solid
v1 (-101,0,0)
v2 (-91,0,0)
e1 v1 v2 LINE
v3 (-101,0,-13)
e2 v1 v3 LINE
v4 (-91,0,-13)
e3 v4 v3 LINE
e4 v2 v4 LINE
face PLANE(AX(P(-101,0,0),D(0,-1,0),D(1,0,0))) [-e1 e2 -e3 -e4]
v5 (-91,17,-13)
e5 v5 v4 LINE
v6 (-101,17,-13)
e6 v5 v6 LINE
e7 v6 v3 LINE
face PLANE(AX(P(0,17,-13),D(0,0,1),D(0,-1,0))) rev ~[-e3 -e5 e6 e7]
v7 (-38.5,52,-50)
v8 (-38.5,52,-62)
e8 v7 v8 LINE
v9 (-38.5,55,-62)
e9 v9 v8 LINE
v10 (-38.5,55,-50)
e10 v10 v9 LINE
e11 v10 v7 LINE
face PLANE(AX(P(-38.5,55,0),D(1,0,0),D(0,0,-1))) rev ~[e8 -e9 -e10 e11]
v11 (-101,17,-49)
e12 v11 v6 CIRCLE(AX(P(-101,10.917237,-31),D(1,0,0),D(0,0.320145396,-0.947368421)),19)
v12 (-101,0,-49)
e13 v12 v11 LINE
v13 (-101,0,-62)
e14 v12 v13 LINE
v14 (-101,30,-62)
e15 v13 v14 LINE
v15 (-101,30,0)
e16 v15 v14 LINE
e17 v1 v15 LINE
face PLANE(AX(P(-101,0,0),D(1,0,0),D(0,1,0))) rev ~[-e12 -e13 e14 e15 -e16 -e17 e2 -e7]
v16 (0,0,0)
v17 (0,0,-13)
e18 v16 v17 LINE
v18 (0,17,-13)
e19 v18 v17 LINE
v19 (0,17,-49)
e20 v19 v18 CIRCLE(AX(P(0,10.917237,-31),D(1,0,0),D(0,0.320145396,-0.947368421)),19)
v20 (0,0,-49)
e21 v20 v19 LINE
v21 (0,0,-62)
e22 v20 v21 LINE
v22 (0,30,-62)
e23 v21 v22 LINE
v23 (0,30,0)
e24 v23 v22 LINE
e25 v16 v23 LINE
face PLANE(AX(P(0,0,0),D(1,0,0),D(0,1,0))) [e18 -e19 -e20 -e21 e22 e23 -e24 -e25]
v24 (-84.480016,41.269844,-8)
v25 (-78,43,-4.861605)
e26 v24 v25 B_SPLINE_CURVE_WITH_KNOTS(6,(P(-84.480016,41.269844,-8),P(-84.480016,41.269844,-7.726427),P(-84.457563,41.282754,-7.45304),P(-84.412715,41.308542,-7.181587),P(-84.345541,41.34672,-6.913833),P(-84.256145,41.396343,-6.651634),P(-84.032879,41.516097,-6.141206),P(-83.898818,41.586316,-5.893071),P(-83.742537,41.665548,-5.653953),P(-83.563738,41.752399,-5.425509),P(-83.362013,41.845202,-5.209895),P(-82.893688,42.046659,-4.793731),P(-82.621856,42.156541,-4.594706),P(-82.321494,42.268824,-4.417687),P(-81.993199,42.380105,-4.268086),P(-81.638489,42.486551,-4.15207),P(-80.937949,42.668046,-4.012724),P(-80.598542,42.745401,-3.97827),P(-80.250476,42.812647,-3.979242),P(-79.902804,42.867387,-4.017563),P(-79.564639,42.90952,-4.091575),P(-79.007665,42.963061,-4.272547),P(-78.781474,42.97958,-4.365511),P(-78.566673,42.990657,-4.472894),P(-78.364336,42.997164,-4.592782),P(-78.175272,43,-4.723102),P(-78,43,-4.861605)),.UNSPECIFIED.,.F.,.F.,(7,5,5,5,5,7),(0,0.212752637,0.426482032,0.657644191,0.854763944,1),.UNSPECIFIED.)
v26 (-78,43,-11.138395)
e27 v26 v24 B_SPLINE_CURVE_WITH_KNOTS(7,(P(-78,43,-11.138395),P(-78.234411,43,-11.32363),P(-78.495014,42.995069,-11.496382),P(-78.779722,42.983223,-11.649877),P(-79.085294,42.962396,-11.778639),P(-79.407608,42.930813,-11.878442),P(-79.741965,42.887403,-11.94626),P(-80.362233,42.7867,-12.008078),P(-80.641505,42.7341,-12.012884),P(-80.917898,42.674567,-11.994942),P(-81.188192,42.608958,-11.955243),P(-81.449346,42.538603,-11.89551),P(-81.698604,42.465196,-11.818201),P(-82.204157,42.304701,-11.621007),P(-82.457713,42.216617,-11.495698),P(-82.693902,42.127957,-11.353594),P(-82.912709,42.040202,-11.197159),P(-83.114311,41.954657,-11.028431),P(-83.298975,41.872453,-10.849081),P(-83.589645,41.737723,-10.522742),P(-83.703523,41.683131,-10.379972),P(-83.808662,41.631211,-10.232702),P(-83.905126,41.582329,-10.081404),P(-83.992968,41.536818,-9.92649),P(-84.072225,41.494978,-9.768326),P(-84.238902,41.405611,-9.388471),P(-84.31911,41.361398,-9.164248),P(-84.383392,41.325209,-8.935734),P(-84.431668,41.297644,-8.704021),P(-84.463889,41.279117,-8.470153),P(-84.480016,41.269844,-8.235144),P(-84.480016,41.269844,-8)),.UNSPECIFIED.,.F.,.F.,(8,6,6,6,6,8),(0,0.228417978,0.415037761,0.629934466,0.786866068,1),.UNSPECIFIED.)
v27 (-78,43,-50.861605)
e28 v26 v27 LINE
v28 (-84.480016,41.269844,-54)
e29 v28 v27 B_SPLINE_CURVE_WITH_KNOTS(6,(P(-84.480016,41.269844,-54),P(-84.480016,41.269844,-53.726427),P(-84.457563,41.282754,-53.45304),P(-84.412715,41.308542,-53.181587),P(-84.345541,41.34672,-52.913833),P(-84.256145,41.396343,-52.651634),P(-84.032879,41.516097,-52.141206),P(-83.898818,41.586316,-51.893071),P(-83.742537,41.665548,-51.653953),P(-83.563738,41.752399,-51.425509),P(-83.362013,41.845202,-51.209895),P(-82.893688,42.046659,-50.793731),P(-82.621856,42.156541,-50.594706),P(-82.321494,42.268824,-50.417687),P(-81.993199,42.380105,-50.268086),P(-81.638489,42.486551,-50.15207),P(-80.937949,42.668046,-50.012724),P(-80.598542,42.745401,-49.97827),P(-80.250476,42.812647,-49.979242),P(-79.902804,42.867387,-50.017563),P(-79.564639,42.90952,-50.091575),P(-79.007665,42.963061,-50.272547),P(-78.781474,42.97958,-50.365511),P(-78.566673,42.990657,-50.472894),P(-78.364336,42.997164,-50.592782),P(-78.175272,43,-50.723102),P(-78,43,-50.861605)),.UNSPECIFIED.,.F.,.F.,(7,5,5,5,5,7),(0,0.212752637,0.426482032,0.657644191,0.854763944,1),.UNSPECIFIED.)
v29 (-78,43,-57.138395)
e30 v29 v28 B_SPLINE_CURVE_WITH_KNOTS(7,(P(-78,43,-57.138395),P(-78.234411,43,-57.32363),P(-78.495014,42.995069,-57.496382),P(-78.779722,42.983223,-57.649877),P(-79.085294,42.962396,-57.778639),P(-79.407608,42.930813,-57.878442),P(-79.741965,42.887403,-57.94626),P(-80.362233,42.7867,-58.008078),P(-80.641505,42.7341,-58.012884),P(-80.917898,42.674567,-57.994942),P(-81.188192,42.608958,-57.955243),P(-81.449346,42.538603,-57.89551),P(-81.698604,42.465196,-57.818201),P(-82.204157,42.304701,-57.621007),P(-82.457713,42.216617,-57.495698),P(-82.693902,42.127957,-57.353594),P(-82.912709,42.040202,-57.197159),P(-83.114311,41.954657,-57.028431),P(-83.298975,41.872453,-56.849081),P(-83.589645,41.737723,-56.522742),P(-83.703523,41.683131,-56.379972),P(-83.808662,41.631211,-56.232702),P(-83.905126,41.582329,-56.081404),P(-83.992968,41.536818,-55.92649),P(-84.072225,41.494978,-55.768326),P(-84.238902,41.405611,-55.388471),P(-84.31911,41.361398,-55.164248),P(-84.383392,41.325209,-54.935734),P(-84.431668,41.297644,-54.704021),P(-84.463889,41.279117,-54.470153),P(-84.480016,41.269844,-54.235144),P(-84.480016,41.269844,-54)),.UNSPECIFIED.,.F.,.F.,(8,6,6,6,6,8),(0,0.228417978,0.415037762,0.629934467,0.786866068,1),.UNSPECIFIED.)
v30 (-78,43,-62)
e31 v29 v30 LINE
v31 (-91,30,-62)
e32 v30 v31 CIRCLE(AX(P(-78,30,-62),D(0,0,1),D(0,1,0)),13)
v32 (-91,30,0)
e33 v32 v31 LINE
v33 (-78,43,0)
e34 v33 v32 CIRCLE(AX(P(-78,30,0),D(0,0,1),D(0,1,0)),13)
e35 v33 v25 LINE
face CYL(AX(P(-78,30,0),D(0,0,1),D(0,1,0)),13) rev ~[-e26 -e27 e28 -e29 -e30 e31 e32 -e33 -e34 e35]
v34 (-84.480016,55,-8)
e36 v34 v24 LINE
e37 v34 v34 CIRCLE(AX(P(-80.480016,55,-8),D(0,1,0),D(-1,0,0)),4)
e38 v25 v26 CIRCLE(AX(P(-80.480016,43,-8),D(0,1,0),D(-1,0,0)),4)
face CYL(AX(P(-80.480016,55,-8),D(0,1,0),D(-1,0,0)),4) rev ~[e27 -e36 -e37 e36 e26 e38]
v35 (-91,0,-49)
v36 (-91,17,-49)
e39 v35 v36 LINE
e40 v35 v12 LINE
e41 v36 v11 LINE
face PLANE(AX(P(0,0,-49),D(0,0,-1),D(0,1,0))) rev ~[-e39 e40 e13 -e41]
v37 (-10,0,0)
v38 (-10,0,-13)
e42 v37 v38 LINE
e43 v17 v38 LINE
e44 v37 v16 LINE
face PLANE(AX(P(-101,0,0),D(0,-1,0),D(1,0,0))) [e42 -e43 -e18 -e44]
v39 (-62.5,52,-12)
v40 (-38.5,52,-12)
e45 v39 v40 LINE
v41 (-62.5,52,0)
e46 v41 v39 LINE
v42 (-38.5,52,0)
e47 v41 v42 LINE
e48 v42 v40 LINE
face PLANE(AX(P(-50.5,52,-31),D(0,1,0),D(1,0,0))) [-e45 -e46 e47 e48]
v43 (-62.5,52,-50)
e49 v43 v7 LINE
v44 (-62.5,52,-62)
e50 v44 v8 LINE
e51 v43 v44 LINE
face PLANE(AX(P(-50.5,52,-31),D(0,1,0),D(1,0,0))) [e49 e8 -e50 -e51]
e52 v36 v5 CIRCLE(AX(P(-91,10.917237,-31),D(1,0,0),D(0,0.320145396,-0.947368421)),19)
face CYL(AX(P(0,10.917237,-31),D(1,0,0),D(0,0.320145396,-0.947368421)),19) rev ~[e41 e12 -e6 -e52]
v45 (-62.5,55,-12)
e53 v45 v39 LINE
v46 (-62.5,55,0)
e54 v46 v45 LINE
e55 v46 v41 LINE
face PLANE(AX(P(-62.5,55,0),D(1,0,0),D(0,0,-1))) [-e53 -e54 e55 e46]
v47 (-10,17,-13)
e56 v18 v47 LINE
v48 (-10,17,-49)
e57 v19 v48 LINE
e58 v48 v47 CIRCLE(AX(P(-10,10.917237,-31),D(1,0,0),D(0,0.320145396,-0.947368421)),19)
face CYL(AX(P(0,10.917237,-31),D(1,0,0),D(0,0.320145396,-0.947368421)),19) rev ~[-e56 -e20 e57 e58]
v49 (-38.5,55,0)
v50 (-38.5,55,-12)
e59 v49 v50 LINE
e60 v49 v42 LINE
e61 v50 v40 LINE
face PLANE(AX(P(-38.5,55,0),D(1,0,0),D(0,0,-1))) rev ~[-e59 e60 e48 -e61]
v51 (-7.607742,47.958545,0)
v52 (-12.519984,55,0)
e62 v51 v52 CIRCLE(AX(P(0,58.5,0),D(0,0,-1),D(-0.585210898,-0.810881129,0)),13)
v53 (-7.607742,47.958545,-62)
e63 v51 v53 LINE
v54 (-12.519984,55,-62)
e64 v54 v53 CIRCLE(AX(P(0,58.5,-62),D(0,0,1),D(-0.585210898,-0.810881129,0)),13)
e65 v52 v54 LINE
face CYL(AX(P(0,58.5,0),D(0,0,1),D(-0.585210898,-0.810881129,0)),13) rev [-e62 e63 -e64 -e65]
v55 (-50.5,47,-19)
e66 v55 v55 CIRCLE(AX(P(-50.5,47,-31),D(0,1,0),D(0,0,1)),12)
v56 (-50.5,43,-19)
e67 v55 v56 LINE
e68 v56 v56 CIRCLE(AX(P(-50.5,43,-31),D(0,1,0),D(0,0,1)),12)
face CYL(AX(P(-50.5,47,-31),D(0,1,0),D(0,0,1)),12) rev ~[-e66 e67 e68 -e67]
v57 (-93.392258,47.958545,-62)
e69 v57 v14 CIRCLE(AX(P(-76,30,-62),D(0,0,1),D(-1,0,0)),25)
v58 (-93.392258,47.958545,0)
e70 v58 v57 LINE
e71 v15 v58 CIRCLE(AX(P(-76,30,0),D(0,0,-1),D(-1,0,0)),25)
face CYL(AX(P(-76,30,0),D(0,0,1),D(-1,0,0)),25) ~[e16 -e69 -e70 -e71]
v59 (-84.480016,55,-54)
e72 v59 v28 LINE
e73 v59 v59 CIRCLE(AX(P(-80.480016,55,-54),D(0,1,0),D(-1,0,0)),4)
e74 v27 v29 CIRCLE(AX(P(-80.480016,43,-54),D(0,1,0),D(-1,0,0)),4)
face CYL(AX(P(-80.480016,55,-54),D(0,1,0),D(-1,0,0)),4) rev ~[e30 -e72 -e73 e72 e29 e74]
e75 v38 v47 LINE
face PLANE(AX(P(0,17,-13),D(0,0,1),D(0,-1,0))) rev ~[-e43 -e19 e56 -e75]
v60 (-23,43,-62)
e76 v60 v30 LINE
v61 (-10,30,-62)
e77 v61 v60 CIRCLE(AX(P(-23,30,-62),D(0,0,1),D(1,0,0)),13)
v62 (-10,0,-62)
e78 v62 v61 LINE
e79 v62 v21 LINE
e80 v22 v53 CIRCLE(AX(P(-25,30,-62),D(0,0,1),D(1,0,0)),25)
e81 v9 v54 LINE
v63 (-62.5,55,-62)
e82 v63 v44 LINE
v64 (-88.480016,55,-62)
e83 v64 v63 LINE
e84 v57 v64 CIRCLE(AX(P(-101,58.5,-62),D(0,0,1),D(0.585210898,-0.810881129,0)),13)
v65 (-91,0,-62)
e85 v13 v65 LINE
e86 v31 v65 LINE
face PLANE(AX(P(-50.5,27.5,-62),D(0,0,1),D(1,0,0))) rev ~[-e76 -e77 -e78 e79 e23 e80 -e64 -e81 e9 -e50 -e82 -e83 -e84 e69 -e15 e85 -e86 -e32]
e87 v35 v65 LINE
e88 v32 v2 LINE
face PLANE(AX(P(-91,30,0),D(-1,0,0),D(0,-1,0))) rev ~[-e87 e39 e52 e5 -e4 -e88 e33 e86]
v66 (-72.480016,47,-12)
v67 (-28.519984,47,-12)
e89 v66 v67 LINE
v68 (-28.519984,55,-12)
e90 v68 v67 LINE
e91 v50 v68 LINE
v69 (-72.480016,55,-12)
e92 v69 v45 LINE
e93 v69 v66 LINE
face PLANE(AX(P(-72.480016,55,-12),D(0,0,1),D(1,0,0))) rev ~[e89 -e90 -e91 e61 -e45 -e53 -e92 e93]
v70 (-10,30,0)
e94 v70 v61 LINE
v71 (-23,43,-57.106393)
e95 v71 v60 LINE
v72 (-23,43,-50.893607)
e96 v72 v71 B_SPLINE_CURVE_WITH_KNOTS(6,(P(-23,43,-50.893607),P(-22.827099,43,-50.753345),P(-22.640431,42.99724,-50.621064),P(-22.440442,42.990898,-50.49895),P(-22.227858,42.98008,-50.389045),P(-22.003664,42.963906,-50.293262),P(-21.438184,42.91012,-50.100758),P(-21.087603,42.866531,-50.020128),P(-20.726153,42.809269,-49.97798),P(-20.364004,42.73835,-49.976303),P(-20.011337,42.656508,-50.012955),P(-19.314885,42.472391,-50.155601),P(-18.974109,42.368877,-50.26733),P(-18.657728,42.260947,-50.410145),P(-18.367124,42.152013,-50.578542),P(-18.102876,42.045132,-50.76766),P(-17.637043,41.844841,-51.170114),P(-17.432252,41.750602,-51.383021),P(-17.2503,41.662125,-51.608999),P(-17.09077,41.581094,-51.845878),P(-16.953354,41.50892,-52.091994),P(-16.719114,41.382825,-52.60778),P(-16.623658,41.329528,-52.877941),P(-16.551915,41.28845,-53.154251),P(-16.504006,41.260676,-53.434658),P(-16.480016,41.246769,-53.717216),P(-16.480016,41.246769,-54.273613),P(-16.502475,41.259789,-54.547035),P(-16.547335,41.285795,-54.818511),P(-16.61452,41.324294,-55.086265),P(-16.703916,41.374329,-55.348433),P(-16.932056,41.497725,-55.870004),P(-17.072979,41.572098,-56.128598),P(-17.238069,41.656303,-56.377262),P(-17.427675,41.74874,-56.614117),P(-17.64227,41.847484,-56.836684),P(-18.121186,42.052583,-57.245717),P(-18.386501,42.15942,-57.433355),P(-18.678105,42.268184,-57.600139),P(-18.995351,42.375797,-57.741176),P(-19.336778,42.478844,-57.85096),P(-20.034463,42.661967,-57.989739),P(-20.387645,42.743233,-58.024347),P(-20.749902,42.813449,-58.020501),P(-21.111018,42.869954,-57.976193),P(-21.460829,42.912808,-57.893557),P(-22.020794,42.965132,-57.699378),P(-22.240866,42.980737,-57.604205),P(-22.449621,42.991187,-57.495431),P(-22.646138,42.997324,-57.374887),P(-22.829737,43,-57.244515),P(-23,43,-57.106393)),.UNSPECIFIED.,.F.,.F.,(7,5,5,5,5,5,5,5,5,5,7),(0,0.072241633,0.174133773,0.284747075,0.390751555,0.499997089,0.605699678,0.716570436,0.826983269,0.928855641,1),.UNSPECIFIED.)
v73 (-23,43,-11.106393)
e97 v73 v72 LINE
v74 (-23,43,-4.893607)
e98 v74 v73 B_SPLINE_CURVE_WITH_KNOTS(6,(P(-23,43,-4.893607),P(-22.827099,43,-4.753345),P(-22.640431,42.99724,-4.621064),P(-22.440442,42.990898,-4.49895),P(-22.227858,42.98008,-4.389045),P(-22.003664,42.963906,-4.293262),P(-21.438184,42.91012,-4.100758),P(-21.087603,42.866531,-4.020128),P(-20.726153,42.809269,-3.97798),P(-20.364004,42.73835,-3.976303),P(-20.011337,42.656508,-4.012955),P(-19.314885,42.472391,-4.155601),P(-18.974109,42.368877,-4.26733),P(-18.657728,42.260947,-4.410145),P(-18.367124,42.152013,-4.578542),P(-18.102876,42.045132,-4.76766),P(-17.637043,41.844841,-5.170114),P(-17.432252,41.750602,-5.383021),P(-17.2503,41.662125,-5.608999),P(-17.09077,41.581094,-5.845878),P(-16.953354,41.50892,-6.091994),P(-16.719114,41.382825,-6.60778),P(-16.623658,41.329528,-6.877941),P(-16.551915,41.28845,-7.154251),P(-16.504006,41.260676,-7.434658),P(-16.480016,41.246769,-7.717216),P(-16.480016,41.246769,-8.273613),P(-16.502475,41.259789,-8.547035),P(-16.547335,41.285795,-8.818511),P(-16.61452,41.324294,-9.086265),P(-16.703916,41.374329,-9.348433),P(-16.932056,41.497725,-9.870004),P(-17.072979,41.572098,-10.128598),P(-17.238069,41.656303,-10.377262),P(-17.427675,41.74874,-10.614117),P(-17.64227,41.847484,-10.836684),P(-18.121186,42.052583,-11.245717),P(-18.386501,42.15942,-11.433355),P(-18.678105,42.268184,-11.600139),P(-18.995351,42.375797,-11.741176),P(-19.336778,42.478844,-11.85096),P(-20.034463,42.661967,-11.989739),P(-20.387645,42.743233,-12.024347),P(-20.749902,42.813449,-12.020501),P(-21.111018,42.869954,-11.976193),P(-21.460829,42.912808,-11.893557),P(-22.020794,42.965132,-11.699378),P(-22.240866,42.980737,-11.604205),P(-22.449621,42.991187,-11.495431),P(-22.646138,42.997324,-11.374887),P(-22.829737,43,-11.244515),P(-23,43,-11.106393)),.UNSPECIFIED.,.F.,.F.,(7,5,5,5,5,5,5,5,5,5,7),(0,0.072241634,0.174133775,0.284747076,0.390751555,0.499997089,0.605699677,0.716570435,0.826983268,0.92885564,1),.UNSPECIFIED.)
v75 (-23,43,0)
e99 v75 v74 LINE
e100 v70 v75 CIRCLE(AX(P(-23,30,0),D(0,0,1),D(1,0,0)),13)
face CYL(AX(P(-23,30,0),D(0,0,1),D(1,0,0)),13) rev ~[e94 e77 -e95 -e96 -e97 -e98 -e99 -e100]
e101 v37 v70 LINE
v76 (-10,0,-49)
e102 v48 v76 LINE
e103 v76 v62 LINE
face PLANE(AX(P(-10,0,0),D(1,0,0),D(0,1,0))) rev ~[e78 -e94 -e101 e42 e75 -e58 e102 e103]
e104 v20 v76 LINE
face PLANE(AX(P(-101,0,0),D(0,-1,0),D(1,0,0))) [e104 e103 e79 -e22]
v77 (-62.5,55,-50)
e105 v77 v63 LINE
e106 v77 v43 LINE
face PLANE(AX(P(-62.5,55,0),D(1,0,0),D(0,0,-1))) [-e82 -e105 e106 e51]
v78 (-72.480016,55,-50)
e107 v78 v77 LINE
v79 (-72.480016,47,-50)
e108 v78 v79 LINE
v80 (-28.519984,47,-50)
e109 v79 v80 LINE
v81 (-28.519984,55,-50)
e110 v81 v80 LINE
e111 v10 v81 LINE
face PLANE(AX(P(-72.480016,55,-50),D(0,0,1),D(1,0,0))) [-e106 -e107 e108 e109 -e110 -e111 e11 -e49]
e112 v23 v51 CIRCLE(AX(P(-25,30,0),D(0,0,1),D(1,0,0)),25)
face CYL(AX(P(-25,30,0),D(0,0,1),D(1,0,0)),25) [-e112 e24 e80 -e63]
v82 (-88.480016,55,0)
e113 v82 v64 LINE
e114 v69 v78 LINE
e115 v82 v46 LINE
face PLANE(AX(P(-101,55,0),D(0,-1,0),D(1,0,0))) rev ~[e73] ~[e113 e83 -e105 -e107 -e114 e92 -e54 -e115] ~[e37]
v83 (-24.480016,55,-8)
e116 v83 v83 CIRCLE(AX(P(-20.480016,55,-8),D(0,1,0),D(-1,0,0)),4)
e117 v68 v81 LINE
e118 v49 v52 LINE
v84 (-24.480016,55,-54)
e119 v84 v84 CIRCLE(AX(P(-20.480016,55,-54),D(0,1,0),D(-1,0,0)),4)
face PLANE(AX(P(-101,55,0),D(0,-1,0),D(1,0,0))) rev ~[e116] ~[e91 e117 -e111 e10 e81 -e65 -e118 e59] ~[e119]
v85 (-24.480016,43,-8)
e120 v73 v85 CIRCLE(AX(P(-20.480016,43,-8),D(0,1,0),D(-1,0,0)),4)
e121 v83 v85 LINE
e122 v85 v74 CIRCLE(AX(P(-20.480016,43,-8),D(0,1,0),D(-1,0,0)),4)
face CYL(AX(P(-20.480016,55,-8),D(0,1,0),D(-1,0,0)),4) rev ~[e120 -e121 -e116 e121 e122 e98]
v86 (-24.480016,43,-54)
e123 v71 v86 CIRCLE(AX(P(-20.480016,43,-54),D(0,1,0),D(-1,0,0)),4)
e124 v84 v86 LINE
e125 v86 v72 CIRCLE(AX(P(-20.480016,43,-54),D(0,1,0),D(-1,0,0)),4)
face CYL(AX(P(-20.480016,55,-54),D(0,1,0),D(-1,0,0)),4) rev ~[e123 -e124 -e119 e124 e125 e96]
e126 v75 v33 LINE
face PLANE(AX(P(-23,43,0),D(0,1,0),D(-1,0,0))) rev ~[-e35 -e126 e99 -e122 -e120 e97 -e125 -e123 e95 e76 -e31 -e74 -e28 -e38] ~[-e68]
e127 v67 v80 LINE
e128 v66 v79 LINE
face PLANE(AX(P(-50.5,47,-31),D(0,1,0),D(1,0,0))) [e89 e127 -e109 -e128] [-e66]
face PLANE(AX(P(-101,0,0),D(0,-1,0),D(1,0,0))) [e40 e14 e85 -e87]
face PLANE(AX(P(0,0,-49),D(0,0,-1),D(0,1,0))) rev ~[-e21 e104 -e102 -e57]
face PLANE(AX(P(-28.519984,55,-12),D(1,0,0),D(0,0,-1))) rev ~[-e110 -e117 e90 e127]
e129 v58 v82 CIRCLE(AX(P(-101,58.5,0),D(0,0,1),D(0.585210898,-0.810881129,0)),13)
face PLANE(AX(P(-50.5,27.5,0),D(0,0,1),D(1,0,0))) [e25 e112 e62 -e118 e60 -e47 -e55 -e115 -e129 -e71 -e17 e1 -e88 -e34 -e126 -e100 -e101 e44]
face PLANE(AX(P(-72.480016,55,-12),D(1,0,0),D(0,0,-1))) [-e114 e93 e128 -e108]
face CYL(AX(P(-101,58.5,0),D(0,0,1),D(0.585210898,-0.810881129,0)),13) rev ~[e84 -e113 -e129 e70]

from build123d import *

# Parameters (mm, degrees)
SCHIZZO1_W                   = 101
SCHIZZO1_H                   = 55
ESTRUSIONE_ESTRUSIONE1_DEPTH = 62
TAGLIO_ESTRUSIONE1_DEPTH     = 131.652210085
TAGLIO_ESTRUSIONE2_DEPTH     = 131.652210085
TAGLIO_ESTRUSIONE4_DEPTH     = 131.652210085
SCHIZZO8_W                   = 24
SCHIZZO8_H                   = 62
TAGLIO_ESTRUSIONE5_DEPTH     = 3
SCHIZZO9_W                   = 43.960031948
SCHIZZO9_H                   = 38
TAGLIO_ESTRUSIONE6_DEPTH     = 8
SCHIZZO10_R                  = 12
TAGLIO_ESTRUSIONE7_DEPTH     = 128.491176165
SCHIZZO11_R                  = 4
TAGLIO_ESTRUSIONE8_DEPTH     = 131.652210085


with BuildPart() as part:
    # Schizzo1 → Estrusione-Estrusione1 (new body)
    with BuildSketch(Plane.XY):
        with Locations((-50.5, 27.5)):
            Rectangle(SCHIZZO1_W, SCHIZZO1_H)
    extrude(amount=-ESTRUSIONE_ESTRUSIONE1_DEPTH)

    # Schizzo2 → Taglio-Estrusione1 (cut, through all)
    with BuildSketch(Plane(origin=(0, 0, 0), x_dir=(0, 0, -1), z_dir=(1, 0, 0))):
        with BuildLine():
            Line((13, 0), (49, 0))
            Line((49, 0), (49, 17))
            ThreePointArc((49, 17), (31, 29.91723747), (13, 17))
            Line((13, 17), (13, 0))
        make_face()
    extrude(amount=-TAGLIO_ESTRUSIONE1_DEPTH, mode=Mode.SUBTRACT)

    # Schizzo3 → Taglio-Estrusione2 (cut, through all)
    with BuildSketch(Plane.XY):
        with BuildLine():
            Line((-91, 0), (-10, 0))
            Line((-10, 0), (-10, 30))
            ThreePointArc((-10, 30), (-13.807611845, 39.192388155), (-23, 43))
            Line((-23, 43), (-78, 43))
            ThreePointArc((-78, 43), (-87.192388155, 39.192388155), (-91, 30))
            Line((-91, 30), (-91, 0))
        make_face()
    extrude(amount=-TAGLIO_ESTRUSIONE2_DEPTH, mode=Mode.SUBTRACT)

    # Schizzo7 → Taglio-Estrusione4 (cut, through all)
    with BuildSketch(Plane.XY):
        with BuildLine():
            Line((0, 55), (0, 30))
            ThreePointArc((0, 30), (-1.980372958, 39.751757321), (-7.607741667, 47.958545322))
            ThreePointArc((-7.607741667, 47.958545322), (-10.661934927, 51.062047082), (-12.519984026, 55))
            Line((-12.519984026, 55), (0, 55))
        make_face()
        with BuildLine():
            Line((-101, 55), (-101, 30))
            ThreePointArc((-101, 30), (-99.019627042, 39.751757321), (-93.392258333, 47.958545322))
            ThreePointArc((-93.392258333, 47.958545322), (-90.338065073, 51.062047082), (-88.480015974, 55))
            Line((-88.480015974, 55), (-101, 55))
        make_face()
    extrude(amount=-TAGLIO_ESTRUSIONE4_DEPTH, mode=Mode.SUBTRACT)

    # Schizzo8 → Taglio-Estrusione5 (cut)
    with BuildSketch(Plane(origin=(0, 55, 0), x_dir=(1, 0, 0), z_dir=(0, 1, 0))):
        with Locations((-50.5, 31)):
            Rectangle(SCHIZZO8_W, SCHIZZO8_H)
    extrude(amount=-TAGLIO_ESTRUSIONE5_DEPTH, mode=Mode.SUBTRACT)

    # Schizzo9 → Taglio-Estrusione6 (cut)
    with BuildSketch(Plane(origin=(0, 55, 0), x_dir=(1, 0, 0), z_dir=(0, 1, 0))):
        with Locations((-50.5, 31)):
            Rectangle(SCHIZZO9_W, SCHIZZO9_H)
    extrude(amount=-TAGLIO_ESTRUSIONE6_DEPTH, mode=Mode.SUBTRACT)

    # Schizzo10 → Taglio-Estrusione7 (cut, through all)
    with BuildSketch(Plane(origin=(0, 47, 0), x_dir=(1, 0, 0), z_dir=(0, 1, 0))):
        with Locations(Location((-50.5, 31, 0), (0, 0, 270))):
            Circle(SCHIZZO10_R)
    extrude(amount=-TAGLIO_ESTRUSIONE7_DEPTH, mode=Mode.SUBTRACT)

    # Schizzo11 → Taglio-Estrusione8 (cut, through all)
    with BuildSketch(Plane(origin=(0, 55, 0), x_dir=(1, 0, 0), z_dir=(0, 1, 0))):
        with Locations(Location((-80.480015974, 54, 0), (0, 0, 180))):
            Circle(SCHIZZO11_R)
        with Locations(Location((-20.480015974, 54, 0), (0, 0, 180))):
            Circle(SCHIZZO11_R)
        with Locations(Location((-20.480015974, 8, 0), (0, 0, 180))):
            Circle(SCHIZZO11_R)
        with Locations(Location((-80.480015974, 8, 0), (0, 0, 180))):
            Circle(SCHIZZO11_R)
    extrude(amount=-TAGLIO_ESTRUSIONE8_DEPTH, mode=Mode.SUBTRACT)


solid = part.part
